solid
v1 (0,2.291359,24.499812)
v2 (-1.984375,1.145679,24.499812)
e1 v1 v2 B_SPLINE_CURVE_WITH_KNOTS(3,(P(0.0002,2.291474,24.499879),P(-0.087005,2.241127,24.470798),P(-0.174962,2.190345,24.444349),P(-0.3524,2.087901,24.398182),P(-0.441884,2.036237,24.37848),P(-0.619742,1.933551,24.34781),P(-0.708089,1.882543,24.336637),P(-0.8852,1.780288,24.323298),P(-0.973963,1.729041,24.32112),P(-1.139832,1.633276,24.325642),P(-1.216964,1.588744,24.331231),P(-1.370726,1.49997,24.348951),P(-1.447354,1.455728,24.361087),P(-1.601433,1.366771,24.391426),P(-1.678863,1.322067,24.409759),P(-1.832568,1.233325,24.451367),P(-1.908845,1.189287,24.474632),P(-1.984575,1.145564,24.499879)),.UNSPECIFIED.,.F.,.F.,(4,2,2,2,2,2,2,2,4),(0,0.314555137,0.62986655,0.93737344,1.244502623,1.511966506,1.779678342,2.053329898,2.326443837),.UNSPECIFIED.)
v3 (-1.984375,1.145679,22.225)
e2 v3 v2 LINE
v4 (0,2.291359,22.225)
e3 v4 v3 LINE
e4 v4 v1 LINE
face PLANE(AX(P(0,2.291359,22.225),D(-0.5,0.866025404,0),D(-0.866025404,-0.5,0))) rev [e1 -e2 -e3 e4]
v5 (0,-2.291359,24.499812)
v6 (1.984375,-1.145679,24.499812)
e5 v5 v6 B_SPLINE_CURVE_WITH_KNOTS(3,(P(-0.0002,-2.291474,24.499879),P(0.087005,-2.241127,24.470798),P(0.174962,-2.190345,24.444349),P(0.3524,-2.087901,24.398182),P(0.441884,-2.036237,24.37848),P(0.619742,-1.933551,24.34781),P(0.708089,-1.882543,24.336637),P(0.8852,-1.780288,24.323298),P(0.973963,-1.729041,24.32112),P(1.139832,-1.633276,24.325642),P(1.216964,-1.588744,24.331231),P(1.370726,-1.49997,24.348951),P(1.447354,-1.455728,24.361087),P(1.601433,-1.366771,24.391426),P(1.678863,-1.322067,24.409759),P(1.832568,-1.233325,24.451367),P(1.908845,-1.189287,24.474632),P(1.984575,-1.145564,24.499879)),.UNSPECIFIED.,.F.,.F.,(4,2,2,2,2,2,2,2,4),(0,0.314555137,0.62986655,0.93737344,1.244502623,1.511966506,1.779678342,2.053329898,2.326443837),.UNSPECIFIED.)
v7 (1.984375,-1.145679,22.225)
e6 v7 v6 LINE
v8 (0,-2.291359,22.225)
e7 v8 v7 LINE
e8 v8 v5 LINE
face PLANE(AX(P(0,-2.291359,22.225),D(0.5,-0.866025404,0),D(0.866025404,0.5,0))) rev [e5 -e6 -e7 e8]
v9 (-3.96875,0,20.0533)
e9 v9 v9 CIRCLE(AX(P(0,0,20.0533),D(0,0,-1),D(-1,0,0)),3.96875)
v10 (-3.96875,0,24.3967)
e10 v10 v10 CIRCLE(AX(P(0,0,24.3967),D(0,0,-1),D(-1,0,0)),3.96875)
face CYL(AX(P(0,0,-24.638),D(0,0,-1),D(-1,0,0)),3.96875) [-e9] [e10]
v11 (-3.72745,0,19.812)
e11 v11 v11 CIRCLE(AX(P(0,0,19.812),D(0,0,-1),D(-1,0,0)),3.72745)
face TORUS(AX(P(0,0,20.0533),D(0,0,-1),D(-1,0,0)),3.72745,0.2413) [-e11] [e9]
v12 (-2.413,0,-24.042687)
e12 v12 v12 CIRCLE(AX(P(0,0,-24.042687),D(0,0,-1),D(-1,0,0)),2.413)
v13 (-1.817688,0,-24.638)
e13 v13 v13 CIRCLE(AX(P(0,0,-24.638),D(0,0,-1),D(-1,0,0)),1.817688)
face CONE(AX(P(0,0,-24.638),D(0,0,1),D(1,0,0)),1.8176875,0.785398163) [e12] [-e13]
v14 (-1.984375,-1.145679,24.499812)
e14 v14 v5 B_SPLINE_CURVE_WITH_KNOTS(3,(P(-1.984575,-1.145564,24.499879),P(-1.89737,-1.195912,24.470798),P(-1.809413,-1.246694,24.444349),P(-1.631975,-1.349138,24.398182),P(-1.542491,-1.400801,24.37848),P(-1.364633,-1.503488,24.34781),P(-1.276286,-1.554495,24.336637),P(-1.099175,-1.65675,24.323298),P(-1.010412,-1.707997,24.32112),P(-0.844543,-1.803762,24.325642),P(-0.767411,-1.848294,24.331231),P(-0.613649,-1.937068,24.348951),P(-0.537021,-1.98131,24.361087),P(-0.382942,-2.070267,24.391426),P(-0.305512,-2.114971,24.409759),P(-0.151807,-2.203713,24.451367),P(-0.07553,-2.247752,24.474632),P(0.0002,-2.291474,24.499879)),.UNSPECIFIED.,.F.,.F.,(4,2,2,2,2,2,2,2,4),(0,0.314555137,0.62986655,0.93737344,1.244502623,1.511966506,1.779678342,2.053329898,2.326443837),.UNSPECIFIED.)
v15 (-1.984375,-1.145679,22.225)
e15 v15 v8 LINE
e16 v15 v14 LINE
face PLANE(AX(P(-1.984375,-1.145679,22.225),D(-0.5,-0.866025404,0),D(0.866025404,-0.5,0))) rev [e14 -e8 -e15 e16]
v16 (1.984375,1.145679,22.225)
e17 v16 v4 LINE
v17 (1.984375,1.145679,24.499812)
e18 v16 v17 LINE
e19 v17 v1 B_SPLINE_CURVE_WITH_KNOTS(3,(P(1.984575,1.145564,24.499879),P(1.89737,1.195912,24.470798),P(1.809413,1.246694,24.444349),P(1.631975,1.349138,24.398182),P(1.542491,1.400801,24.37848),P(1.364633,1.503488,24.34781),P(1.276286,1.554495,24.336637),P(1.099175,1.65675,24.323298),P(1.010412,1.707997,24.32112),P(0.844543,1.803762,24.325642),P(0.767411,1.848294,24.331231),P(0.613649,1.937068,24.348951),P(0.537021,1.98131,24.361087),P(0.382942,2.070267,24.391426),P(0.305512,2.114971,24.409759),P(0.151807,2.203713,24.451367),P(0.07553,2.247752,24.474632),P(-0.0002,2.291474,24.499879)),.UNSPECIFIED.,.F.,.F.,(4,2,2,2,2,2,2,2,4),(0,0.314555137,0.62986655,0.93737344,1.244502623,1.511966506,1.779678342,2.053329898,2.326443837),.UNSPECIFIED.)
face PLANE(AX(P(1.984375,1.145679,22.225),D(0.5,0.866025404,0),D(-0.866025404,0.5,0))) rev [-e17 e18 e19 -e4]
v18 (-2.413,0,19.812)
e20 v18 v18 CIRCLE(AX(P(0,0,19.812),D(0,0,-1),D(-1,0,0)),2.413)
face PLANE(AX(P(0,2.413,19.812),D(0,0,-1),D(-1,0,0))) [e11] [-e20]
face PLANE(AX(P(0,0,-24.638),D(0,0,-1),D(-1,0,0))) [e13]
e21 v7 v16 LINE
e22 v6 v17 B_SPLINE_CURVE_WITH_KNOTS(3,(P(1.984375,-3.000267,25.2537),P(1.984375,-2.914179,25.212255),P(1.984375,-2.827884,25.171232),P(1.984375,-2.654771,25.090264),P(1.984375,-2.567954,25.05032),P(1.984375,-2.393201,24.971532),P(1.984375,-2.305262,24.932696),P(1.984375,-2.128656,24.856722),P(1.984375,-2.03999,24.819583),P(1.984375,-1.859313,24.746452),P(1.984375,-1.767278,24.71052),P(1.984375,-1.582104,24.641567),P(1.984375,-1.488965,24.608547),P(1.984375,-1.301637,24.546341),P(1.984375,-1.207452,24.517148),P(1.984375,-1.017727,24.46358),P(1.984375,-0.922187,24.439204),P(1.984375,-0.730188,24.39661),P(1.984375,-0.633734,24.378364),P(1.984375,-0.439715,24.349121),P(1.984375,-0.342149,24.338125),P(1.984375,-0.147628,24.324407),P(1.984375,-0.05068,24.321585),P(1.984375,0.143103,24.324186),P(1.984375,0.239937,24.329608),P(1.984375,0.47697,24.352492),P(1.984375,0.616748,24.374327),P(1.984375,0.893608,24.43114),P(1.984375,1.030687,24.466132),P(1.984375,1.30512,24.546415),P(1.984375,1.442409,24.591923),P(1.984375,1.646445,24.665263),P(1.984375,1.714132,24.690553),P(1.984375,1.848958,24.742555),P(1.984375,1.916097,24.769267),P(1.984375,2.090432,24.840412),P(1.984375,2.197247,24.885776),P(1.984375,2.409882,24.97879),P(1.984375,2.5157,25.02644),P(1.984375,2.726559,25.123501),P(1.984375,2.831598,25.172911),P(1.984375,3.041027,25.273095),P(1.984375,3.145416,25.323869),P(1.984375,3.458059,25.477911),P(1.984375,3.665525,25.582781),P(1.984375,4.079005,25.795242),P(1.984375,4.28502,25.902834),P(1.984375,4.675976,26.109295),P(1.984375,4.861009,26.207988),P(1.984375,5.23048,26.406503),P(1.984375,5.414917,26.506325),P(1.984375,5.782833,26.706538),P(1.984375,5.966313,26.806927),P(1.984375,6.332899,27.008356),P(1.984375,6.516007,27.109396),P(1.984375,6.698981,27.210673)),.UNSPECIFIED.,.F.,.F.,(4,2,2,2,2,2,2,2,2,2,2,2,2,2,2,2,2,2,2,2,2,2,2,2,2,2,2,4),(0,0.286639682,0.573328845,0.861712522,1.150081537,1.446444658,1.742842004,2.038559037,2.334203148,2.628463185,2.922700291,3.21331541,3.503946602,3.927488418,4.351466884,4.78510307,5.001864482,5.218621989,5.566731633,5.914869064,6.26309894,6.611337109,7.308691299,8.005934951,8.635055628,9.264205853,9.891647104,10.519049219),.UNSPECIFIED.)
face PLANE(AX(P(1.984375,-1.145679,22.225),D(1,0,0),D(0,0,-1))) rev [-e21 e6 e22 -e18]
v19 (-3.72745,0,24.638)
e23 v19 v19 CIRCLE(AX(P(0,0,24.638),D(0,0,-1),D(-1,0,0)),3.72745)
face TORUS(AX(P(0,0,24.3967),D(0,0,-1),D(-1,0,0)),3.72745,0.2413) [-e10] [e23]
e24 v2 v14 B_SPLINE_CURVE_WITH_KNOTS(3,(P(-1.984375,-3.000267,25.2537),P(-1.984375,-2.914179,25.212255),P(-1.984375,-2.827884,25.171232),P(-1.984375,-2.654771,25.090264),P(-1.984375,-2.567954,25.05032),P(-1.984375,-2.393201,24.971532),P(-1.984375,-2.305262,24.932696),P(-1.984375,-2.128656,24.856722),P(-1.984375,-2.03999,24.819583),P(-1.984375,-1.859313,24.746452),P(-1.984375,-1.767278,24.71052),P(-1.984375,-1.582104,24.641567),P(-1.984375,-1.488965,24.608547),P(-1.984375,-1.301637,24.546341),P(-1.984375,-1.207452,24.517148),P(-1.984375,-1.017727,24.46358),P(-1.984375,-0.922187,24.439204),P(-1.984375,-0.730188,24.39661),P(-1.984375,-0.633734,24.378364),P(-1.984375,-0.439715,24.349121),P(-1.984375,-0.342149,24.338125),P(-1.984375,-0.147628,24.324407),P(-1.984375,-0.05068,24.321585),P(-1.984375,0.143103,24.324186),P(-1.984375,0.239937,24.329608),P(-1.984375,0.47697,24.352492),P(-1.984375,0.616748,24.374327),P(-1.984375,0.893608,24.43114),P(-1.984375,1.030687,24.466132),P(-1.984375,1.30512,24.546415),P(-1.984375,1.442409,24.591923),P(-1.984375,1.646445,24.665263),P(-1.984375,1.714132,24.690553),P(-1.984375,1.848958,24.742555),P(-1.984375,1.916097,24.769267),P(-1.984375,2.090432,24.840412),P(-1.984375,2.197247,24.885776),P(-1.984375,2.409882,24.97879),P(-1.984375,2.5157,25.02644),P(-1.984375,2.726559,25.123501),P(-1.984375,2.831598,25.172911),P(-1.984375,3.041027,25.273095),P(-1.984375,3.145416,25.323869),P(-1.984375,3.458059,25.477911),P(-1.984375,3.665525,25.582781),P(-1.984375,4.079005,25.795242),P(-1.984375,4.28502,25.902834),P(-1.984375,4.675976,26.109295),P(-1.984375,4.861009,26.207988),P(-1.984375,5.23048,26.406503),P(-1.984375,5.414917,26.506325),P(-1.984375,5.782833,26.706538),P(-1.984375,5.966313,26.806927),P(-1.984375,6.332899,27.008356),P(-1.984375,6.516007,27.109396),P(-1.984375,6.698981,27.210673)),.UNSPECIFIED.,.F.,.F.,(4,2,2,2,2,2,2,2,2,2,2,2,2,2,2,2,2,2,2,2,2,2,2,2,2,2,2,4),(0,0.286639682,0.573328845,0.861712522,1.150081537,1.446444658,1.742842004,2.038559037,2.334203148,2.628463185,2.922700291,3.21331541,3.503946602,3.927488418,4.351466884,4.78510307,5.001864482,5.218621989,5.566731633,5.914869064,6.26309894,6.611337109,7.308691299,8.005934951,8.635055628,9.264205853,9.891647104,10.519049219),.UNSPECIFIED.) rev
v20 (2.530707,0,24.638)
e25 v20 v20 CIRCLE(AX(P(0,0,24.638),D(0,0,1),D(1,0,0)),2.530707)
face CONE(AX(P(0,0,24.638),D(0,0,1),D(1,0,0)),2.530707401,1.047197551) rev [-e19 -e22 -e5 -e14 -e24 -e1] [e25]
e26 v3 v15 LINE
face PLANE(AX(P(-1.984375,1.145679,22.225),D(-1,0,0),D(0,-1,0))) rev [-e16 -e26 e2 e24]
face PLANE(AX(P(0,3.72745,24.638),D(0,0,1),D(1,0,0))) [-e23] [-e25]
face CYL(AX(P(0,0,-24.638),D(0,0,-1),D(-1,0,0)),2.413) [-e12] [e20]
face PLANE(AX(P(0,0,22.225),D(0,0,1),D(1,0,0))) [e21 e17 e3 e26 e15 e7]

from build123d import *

# Parameters (mm, degrees)
CUT_EXTRUDE1_START = 24.638
CUT_EXTRUDE1_DEPTH = 2.413


with BuildPart() as part:
    # Sketch2 → Revolve1 (revolve)
    with BuildSketch(Plane(origin=(0, 0, 0), x_dir=(0, 0, -1), z_dir=(1, 0, 0)), mode=Mode.PRIVATE) as revolve1_sk:
        with BuildLine():
            Line((24.638, 0), (24.638, 1.8176875))
            Line((24.638, 1.8176875), (24.0426875, 2.413))
            Line((24.0426875, 2.413), (-19.812, 2.413))
            Line((-19.812, 2.413), (-19.812, 3.72745))
            ThreePointArc((-19.812, 3.72745), (-19.882675134, 3.898074866), (-20.0533, 3.96875))
            Line((-20.0533, 3.96875), (-24.3967, 3.96875))
            ThreePointArc((-24.3967, 3.96875), (-24.567324866, 3.898074866), (-24.638, 3.72745))
            Line((-24.638, 3.72745), (-24.638, 0))
            Line((-24.638, 0), (24.638, 0))
        make_face()
    revolve(revolve1_sk.sketch.rotate(Axis((0, 0, -24.638), (0, 0, 1)), 90), axis=Axis((0, 0, -24.638), (0, 0, 1)))

    # Sketch3 → Cut-Extrude1 (cut)
    with BuildSketch(Plane.XY.offset(CUT_EXTRUDE1_START)):
        Polygon((-1.984375, 1.14567944), (-1.984375, -1.14567944), (0, -2.291358881), (1.984375, -1.14567944), (1.984375, 1.14567944), (0, 2.291358881), align=None)
    extrude(amount=-CUT_EXTRUDE1_DEPTH, mode=Mode.SUBTRACT)

    # Cut-Extrude2 cone 1 section (through the dimple's axis) → Cut-Extrude2 (revolve, cut)
    with BuildSketch(Plane(origin=(0, 0, 24.638), x_dir=(0, -1, 0), z_dir=(1, 0, 0))):
        Polygon((0, 0), (2.530707401, 0), (0, 1.461104599), align=None)
    revolve(axis=Axis((0, 0, 24.638), (0, 0, -1)), mode=Mode.SUBTRACT)


solid = part.part
